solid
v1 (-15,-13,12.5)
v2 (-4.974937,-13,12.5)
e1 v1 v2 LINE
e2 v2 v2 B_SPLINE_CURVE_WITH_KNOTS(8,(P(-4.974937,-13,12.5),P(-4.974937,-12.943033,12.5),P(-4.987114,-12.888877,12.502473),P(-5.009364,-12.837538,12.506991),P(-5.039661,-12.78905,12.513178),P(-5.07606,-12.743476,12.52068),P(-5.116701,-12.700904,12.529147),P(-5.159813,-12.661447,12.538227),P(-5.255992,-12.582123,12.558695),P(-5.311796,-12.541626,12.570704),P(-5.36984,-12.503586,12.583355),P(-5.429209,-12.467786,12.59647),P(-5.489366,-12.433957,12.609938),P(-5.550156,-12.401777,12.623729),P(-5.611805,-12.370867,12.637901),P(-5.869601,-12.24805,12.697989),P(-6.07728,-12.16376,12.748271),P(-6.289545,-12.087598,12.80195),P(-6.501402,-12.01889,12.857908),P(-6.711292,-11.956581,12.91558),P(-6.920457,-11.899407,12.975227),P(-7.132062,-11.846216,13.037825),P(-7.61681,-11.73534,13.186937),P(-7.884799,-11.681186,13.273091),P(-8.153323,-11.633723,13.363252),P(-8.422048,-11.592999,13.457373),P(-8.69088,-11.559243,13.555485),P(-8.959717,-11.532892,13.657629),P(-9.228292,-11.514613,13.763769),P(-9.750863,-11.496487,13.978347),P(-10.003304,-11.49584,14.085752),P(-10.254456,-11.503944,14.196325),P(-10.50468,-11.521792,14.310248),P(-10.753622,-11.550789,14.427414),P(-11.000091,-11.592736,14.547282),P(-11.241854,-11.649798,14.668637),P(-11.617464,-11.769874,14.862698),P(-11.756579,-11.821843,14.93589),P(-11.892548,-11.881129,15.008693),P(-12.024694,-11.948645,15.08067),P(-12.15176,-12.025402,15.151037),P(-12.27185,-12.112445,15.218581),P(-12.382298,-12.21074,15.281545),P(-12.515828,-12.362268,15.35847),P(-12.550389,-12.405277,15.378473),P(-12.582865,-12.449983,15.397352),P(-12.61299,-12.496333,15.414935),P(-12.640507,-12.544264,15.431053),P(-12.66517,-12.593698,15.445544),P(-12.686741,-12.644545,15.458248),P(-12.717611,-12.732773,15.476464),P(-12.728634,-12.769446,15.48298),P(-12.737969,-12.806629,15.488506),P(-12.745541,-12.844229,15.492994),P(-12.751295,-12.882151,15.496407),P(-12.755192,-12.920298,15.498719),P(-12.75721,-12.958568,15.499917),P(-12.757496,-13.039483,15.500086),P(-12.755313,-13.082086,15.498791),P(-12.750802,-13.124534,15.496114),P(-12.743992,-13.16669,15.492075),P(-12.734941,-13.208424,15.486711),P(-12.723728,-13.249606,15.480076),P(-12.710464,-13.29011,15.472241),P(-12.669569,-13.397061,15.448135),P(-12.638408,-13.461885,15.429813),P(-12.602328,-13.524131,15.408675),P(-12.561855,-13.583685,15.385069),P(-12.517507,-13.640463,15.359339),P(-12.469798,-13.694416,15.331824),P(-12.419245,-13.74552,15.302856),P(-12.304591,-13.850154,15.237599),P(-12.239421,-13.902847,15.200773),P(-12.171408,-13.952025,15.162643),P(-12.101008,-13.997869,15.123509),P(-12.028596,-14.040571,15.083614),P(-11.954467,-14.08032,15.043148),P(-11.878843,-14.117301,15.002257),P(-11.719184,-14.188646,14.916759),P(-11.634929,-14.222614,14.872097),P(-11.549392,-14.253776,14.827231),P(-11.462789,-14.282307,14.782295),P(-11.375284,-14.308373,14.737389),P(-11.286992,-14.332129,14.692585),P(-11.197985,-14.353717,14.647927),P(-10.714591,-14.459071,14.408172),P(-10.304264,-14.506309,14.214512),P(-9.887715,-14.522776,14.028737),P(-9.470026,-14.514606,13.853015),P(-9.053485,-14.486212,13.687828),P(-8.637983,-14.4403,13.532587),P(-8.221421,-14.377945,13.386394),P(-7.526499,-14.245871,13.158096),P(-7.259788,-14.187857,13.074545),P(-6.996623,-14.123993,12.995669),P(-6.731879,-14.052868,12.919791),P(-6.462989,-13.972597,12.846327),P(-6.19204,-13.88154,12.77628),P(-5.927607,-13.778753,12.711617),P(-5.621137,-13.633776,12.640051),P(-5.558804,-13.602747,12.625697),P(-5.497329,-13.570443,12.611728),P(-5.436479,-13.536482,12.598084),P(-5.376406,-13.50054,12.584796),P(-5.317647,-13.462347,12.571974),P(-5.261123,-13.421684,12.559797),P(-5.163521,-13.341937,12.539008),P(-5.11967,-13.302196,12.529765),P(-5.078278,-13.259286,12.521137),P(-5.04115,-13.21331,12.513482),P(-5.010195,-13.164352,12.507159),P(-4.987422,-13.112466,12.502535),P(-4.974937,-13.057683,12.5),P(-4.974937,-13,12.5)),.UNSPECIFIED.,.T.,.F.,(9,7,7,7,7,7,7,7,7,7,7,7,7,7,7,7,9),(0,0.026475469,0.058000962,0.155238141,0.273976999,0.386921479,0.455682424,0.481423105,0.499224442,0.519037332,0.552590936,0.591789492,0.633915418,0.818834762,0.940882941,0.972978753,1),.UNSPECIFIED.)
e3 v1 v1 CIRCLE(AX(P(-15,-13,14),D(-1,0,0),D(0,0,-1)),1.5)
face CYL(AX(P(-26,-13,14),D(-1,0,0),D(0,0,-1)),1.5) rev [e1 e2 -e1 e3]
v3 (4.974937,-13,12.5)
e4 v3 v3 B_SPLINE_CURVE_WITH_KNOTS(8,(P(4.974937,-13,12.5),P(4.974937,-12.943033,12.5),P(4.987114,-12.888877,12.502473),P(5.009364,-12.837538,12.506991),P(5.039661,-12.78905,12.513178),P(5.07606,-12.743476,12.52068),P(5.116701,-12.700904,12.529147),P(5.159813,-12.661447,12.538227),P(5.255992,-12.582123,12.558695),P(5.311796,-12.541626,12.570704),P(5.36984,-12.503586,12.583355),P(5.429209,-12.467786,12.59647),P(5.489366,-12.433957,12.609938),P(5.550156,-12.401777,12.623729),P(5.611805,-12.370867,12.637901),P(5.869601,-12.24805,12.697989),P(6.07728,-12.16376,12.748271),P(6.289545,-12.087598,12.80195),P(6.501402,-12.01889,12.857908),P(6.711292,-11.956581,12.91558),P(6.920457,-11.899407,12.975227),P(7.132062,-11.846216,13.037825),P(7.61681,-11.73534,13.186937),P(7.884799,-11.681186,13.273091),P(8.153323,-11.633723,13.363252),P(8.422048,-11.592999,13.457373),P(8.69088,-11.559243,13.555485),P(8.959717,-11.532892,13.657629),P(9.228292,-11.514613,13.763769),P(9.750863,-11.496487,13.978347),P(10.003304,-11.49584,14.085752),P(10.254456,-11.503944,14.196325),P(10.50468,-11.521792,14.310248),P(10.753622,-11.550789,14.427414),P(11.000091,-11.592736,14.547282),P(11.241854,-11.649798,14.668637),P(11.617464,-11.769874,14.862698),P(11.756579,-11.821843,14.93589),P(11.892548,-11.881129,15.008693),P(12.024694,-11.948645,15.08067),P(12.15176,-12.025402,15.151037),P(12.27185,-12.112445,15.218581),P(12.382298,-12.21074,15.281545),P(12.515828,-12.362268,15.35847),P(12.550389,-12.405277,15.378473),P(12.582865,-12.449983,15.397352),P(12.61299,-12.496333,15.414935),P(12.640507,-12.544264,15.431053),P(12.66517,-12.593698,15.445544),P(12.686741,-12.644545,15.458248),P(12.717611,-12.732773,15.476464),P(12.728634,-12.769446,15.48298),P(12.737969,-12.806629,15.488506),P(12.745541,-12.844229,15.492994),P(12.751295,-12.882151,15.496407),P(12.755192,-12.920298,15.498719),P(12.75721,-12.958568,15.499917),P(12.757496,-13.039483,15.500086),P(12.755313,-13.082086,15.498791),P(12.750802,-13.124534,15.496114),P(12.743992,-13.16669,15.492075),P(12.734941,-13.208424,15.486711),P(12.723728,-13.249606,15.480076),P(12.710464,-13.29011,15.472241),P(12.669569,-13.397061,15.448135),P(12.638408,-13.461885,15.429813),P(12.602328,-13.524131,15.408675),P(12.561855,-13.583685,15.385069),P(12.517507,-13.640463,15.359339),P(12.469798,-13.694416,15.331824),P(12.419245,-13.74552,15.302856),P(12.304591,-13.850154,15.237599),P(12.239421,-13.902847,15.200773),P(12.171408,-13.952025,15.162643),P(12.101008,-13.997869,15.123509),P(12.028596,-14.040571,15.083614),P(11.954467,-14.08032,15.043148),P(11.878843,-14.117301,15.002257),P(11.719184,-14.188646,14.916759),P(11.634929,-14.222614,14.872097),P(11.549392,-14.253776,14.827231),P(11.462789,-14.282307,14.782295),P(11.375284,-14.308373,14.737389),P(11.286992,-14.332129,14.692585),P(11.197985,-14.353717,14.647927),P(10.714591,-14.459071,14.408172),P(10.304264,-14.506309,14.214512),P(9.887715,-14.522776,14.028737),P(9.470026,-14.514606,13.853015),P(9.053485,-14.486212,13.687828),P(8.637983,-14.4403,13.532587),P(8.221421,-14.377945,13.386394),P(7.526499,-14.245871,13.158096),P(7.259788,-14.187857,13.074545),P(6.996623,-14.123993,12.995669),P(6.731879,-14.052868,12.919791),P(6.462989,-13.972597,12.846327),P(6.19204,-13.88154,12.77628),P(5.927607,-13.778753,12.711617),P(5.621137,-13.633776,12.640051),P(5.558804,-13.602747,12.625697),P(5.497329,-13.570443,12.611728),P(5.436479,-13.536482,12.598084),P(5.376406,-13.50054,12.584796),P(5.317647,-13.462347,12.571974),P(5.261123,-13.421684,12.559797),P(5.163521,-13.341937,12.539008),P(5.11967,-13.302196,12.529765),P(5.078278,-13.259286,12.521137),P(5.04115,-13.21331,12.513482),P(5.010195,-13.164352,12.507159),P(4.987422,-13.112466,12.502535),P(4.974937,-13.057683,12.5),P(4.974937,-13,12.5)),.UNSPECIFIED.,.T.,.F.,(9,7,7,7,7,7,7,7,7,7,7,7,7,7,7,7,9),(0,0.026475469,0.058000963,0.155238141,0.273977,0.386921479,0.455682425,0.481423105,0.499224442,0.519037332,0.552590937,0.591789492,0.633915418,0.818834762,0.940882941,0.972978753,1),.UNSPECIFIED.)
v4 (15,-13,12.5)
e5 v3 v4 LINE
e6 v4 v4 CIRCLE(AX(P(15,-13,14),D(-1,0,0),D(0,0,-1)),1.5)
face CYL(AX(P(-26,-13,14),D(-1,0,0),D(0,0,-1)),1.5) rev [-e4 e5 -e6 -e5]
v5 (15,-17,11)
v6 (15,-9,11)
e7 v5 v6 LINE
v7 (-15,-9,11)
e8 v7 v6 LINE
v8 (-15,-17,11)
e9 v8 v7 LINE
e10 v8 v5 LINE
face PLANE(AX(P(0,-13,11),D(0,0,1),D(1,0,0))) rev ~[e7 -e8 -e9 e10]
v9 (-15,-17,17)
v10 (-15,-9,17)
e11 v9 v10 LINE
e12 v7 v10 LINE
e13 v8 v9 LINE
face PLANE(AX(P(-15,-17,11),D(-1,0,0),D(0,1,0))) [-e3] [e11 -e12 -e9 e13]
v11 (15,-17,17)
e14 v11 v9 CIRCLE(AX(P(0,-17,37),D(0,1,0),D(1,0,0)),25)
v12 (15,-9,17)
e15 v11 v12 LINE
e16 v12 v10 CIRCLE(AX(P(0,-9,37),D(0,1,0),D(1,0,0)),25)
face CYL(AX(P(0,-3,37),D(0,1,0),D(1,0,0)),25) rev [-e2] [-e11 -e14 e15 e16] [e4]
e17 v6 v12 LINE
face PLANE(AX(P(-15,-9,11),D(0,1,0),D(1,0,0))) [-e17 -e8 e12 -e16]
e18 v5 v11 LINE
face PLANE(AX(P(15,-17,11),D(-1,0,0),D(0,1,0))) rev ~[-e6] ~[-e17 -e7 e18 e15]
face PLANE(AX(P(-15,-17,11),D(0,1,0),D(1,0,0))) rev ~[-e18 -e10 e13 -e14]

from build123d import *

# Parameters (mm, degrees)
CYLINDER2792_R     = 1.5
CYLINDER2792_DEPTH = 64
CYLINDER2791_R     = 38
CYLINDER2791_DEPTH = 30
BOX975_W           = 2
BOX975_H           = 6
BOX975_DEPTH       = 6
BOX976_W           = 2
BOX976_H           = 6
BOX976_DEPTH       = 6
BOX977_W           = 2
BOX977_H           = 6
BOX977_DEPTH       = 6
BOX978_W           = 2
BOX978_H           = 6
BOX978_DEPTH       = 6
BOX979_W           = 2
BOX979_H           = 6
BOX979_DEPTH       = 6
BOX981_W           = 2
BOX981_H           = 6
BOX981_DEPTH       = 6
TUBE137_R          = 21
TUBE137_R_2        = 2
TUBE137_DEPTH      = 64
TUBE138_R          = 25
TUBE138_R_2        = 2
TUBE138_DEPTH      = 26
BOX980_W           = 30
BOX980_H           = 64
BOX980_DEPTH       = 18
BOX974_W           = 30
BOX974_H           = 8
BOX974_DEPTH       = 18


with BuildPart() as v_lec2762:
    # Cylinder2792 → Cylinder2792 (new body)
    with BuildSketch(Plane(origin=(-26, -13, 14), x_dir=(0, 0, -1), z_dir=(1, 0, 0))):
        Circle(CYLINDER2792_R)
    extrude(amount=CYLINDER2792_DEPTH)


with BuildPart() as v_lec2761:
    # Cylinder2791 → Cylinder2791 (new body)
    with BuildSketch(Plane.XY):
        Circle(CYLINDER2791_R)
    extrude(amount=CYLINDER2791_DEPTH)


with BuildPart() as krychle974:
    # Box975 → Box975 (new body)
    with BuildSketch(Plane(origin=(-12, -4, 10), x_dir=(1, 0, 0), z_dir=(0, 0, 1))):
        with Locations((1, 3)):
            Rectangle(BOX975_W, BOX975_H)
    extrude(amount=BOX975_DEPTH)


with BuildPart() as krychle975:
    # Box976 → Box976 (new body)
    with BuildSketch(Plane(origin=(10, 26, 10), x_dir=(1, 0, 0), z_dir=(0, 0, 1))):
        with Locations((1, 3)):
            Rectangle(BOX976_W, BOX976_H)
    extrude(amount=BOX976_DEPTH)


with BuildPart() as krychle976:
    # Box977 → Box977 (new body)
    with BuildSketch(Plane(origin=(-12, 26, 10), x_dir=(1, 0, 0), z_dir=(0, 0, 1))):
        with Locations((1, 3)):
            Rectangle(BOX977_W, BOX977_H)
    extrude(amount=BOX977_DEPTH)


with BuildPart() as krychle977:
    # Box978 → Box978 (new body)
    with BuildSketch(Plane(origin=(10, 12, 10), x_dir=(1, 0, 0), z_dir=(0, 0, 1))):
        with Locations((1, 3)):
            Rectangle(BOX978_W, BOX978_H)
    extrude(amount=BOX978_DEPTH)


with BuildPart() as krychle978:
    # Box979 → Box979 (new body)
    with BuildSketch(Plane(origin=(-12, 12, 10), x_dir=(1, 0, 0), z_dir=(0, 0, 1))):
        with Locations((1, 3)):
            Rectangle(BOX979_W, BOX979_H)
    extrude(amount=BOX979_DEPTH)


with BuildPart() as compound1243:
    # Box981 → Box981 (new body)
    with BuildSketch(Plane(origin=(10, -4, 10), x_dir=(1, 0, 0), z_dir=(0, 0, 1))):
        with Locations((1, 3)):
            Rectangle(BOX981_W, BOX981_H)
    extrude(amount=BOX981_DEPTH)

    # Compound1243: union Krychle974, Krychle975, Krychle976, Krychle977, Krychle978
    add(krychle974.part)
    add(krychle975.part)
    add(krychle976.part)
    add(krychle977.part)
    add(krychle978.part)


with BuildPart() as tube137:
    # Tube137 → Tube137 (new body)
    with BuildSketch(Plane(origin=(0, 61, 37), x_dir=(1, 0, 0), z_dir=(0, -1, 0))):
        Circle(TUBE137_R)
        Circle(TUBE137_R_2, mode=Mode.SUBTRACT)
    extrude(amount=TUBE137_DEPTH)


with BuildPart() as tube138:
    # Tube138 → Tube138 (new body)
    with BuildSketch(Plane(origin=(0, -3, 37), x_dir=(1, 0, 0), z_dir=(0, -1, 0))):
        Circle(TUBE138_R)
        Circle(TUBE138_R_2, mode=Mode.SUBTRACT)
    extrude(amount=TUBE138_DEPTH)


with BuildPart() as common007:
    # Box980 → Box980 (new body)
    with BuildSketch(Plane(origin=(-15, -17, 11), x_dir=(1, 0, 0), z_dir=(0, 0, 1))):
        with Locations((15, 32)):
            Rectangle(BOX980_W, BOX980_H)
    extrude(amount=BOX980_DEPTH)

    # Cut1049: cut Tube138
    add(tube138.part, mode=Mode.SUBTRACT)

    # Cut1050: cut Tube137
    add(tube137.part, mode=Mode.SUBTRACT)

    # Cut1051: cut Compound1243
    add(compound1243.part, mode=Mode.SUBTRACT)

    # Common007: intersect Válec2761
    add(v_lec2761.part, mode=Mode.INTERSECT)


with BuildPart() as cut1052:
    # Box974 → Box974 (new body)
    with BuildSketch(Plane(origin=(-15, -17, 11), x_dir=(1, 0, 0), z_dir=(0, 0, 1))):
        with Locations((15, 4)):
            Rectangle(BOX974_W, BOX974_H)
    extrude(amount=BOX974_DEPTH)

    # Common008: intersect Common007
    add(common007.part, mode=Mode.INTERSECT)

    # Cut1052: cut Válec2762
    add(v_lec2762.part, mode=Mode.SUBTRACT)


solid = cut1052.part
